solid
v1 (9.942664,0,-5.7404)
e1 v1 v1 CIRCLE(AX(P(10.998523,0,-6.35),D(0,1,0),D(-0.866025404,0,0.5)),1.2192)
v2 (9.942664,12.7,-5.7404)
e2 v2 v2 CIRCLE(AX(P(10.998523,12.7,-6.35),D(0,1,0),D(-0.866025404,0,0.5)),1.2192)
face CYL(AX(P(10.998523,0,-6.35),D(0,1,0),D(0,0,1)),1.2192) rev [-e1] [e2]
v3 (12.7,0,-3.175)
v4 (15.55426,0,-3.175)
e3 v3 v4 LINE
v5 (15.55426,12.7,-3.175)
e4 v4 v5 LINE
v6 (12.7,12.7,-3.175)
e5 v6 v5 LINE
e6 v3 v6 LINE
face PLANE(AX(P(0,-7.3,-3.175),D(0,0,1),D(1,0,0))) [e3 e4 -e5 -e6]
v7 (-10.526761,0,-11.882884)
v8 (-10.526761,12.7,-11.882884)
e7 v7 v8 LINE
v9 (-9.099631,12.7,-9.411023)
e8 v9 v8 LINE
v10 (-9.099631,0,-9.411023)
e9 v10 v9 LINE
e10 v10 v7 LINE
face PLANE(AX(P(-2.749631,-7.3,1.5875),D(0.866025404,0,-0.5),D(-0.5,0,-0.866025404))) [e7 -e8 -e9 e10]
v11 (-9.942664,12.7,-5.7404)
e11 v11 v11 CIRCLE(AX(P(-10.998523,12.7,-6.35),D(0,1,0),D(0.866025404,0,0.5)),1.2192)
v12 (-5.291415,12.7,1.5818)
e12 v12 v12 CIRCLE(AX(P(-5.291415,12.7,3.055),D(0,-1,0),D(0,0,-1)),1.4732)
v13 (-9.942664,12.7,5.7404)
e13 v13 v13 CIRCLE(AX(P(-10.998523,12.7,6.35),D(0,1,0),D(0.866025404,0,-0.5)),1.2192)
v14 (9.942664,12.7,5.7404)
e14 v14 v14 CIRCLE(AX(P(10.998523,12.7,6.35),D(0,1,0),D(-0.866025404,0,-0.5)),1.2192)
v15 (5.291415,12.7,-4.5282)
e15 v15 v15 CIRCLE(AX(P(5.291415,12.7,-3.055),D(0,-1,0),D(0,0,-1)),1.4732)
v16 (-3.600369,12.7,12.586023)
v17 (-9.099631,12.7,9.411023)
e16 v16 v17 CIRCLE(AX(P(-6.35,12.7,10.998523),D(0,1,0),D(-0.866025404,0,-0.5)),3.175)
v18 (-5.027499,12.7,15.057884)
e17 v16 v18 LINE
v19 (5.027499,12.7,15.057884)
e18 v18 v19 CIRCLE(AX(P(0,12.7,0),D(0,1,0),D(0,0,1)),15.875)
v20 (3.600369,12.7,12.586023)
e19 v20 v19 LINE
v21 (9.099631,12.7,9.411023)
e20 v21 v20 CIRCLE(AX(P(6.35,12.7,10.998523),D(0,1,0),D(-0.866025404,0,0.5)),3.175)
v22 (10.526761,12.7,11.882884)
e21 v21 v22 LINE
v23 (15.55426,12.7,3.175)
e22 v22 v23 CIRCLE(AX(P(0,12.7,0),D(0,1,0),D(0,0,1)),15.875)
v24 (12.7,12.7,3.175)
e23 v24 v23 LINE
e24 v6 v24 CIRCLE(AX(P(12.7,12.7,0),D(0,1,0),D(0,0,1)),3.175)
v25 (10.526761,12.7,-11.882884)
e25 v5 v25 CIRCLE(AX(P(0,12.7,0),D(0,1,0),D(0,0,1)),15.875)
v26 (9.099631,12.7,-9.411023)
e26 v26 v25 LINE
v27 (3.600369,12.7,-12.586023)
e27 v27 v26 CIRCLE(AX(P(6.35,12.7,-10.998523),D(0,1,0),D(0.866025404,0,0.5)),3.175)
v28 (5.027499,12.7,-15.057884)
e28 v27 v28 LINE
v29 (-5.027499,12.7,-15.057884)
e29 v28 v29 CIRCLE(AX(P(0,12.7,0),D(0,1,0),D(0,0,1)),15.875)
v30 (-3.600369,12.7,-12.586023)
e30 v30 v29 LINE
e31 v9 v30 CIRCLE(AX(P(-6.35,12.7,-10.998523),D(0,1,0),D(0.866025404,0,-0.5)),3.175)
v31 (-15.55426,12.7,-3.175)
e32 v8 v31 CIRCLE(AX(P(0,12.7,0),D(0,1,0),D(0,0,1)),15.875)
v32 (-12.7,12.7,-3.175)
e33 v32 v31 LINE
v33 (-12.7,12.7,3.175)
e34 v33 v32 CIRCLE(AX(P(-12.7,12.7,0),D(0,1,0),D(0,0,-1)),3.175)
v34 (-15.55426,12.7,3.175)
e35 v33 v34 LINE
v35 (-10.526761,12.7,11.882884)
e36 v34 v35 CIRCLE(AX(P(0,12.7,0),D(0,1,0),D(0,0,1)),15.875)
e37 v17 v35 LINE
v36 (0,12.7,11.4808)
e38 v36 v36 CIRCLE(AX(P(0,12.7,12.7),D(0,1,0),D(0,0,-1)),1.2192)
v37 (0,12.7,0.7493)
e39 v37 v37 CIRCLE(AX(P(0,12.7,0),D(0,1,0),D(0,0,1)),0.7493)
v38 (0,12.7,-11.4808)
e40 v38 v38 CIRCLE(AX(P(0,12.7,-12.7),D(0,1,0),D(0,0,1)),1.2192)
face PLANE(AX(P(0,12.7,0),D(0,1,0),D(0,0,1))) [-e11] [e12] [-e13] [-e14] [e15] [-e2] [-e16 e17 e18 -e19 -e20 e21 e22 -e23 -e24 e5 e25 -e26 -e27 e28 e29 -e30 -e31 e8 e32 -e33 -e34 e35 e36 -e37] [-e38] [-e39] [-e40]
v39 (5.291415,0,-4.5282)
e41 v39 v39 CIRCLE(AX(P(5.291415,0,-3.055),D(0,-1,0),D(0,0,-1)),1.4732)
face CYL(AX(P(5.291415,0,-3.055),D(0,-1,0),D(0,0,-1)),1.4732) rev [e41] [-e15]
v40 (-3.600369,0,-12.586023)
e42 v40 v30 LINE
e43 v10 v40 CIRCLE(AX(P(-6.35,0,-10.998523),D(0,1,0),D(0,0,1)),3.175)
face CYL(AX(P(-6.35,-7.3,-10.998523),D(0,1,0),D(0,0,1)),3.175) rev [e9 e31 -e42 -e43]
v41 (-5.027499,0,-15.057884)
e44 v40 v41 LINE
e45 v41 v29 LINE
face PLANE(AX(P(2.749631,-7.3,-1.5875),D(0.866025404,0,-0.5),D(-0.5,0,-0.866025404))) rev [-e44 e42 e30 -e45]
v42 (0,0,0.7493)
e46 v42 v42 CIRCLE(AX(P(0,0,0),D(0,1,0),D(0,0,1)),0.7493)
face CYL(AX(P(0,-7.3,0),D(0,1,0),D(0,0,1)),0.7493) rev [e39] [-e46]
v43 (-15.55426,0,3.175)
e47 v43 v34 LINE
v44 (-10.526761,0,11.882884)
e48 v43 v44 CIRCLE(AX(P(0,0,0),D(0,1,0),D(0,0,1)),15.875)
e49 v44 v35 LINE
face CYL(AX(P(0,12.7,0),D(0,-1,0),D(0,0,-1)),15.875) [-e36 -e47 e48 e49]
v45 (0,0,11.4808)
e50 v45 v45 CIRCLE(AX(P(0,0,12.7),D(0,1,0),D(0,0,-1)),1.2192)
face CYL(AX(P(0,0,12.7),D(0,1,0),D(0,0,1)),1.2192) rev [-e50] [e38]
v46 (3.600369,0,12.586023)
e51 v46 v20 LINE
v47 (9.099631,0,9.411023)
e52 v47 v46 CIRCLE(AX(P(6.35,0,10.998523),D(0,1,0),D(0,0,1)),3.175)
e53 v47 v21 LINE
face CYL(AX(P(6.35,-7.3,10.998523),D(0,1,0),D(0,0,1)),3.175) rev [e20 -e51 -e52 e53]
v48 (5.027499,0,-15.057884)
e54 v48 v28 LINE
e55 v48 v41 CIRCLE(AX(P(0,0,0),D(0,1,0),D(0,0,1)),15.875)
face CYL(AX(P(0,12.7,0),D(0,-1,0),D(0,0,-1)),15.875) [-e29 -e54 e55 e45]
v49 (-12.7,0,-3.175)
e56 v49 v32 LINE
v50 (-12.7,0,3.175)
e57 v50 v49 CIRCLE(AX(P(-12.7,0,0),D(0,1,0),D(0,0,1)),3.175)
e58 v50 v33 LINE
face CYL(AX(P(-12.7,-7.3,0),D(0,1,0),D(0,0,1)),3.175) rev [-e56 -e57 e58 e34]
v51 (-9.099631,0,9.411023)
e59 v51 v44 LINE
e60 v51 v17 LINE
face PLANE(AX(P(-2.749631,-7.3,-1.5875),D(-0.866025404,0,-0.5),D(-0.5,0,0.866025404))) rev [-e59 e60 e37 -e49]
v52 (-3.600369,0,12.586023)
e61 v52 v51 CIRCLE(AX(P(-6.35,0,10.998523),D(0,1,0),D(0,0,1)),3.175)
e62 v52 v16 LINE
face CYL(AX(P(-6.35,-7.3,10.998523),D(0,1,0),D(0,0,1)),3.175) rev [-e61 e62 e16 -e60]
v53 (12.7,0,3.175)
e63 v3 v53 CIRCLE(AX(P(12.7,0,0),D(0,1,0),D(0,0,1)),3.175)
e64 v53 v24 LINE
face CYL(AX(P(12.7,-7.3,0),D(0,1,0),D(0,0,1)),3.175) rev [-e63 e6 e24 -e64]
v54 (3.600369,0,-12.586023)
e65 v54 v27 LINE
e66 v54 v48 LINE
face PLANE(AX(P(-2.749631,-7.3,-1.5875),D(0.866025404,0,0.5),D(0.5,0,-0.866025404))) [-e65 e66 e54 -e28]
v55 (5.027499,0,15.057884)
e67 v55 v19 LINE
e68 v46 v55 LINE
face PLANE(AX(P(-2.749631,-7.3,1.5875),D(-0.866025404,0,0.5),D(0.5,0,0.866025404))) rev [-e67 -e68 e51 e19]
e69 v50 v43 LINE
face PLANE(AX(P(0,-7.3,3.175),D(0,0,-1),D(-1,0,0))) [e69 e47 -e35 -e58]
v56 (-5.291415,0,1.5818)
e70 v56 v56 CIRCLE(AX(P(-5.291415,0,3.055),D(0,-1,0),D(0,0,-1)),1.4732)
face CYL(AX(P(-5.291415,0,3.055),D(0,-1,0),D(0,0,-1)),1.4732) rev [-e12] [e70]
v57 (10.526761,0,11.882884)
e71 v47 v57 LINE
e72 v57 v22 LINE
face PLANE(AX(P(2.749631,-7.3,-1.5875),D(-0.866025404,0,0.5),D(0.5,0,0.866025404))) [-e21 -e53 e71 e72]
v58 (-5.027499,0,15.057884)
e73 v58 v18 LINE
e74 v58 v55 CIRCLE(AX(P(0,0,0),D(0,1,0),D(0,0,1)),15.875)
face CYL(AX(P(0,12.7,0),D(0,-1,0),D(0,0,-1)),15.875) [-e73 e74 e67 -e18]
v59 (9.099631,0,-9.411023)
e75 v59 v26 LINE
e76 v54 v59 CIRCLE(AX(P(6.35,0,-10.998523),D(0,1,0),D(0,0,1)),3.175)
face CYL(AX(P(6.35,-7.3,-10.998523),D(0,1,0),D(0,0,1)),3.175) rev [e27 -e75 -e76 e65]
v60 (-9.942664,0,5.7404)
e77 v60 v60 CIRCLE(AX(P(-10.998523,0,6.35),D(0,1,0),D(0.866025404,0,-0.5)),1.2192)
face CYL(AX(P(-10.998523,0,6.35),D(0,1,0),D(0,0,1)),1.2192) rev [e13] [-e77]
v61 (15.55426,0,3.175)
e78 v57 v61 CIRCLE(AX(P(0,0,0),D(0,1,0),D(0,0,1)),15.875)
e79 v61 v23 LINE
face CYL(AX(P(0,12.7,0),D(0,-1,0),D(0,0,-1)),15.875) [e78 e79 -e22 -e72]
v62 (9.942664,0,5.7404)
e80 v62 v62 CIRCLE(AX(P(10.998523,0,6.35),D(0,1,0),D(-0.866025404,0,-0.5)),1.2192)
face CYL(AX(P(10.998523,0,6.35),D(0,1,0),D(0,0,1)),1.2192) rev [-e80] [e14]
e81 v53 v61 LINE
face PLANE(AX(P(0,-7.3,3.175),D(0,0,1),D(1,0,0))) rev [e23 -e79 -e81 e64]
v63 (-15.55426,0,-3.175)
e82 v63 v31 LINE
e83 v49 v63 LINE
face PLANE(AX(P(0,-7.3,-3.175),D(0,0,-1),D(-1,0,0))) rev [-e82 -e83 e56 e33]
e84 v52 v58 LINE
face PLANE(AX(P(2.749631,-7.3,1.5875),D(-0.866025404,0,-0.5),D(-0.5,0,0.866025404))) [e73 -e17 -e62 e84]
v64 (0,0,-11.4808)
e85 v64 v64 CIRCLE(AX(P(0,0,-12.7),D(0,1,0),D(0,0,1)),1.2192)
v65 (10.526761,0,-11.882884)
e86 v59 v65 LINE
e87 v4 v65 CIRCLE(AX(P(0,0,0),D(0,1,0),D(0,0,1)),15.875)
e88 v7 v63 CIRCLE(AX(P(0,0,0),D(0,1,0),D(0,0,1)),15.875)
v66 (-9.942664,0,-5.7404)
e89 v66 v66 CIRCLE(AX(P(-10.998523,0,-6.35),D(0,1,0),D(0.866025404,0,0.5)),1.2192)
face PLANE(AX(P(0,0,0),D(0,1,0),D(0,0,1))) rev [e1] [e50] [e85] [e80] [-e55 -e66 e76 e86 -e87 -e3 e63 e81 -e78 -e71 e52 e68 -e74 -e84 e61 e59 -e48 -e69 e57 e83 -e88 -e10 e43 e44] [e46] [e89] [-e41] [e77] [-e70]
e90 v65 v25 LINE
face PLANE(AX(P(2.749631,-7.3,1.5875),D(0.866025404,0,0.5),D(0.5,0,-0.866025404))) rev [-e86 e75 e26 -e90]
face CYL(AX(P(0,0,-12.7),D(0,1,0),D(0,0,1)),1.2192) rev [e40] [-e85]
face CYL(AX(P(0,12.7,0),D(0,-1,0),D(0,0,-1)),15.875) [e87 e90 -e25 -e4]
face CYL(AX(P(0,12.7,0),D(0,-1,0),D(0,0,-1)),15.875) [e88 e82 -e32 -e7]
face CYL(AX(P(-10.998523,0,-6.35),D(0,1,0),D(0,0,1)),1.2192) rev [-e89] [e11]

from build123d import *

# Parameters (mm, degrees)
SKETCH1_R                   = 15.875
BOSS_EXTRUDE1_DEPTH         = 12.7
SKETCH2_R                   = 0.7493
CUT_EXTRUDE1_DEPTH          = 20
SKETCH3_R                   = 1.2192
CUT_EXTRUDE3_DEPTH          = 26.793821935
CUT_EXTRUDE4_START          = -20
CUT_EXTRUDE4_DEPTH          = 20
CIRPATTERN1_COUNT           = 6
F_32_0_116_DIAMETER_HOLE2_D = 2.9464


with BuildPart() as part:
    # Sketch1 → Boss-Extrude1 (new body)
    with BuildSketch(Plane(origin=(0, 0, 0), x_dir=(1, 0, 0), z_dir=(0, 1, 0))):
        with Locations(Location((0, 0, 0), (0, 0, 270))):
            Circle(SKETCH1_R)
    extrude(amount=BOSS_EXTRUDE1_DEPTH)

    # Sketch2 → Cut-Extrude1 (cut)
    with BuildSketch(Plane(origin=(0, 12.7, 0), x_dir=(1, 0, 0), z_dir=(0, 1, 0))):
        with Locations(Location((0, 0, 0), (0, 0, 270))):
            Circle(SKETCH2_R)
    extrude(amount=-CUT_EXTRUDE1_DEPTH, mode=Mode.SUBTRACT)

    # Sketch3 → Cut-Extrude3 (cut, through all)
    with BuildSketch(Plane(origin=(0, 12.7, 0), x_dir=(1, 0, 0), z_dir=(0, 1, 0))):
        with Locations(Location((0, 12.7, 0), (0, 0, 270))):
            Circle(SKETCH3_R)
    cut_extrude3 = extrude(amount=-CUT_EXTRUDE3_DEPTH, mode=Mode.SUBTRACT)

    # Sketch4 → Cut-Extrude4 (cut)
    with BuildSketch(Plane(origin=(0, 12.7, 0), x_dir=(1, 0, 0), z_dir=(0, 1, 0)).offset(CUT_EXTRUDE4_START)):
        with BuildLine():
            ThreePointArc((12.7, 3.175), (9.525, 0), (12.7, -3.175))
            Line((12.7, -3.175), (12.7, 3.175))
        make_face()
        with BuildLine():
            Line((12.7, 3.175), (12.7, -3.175))
            ThreePointArc((12.7, -3.175), (14.94506403, -2.24506403), (15.875, 0))
            ThreePointArc((15.875, 0), (14.94506403, 2.24506403), (12.7, 3.175))
        make_face()
        with BuildLine():
            ThreePointArc((15.875, 0), (15.794611429, -1.595579772), (15.554259867, -3.175))
            Line((15.554259867, -3.175), (20.958617126, -3.175))
            Line((20.958617126, -3.175), (20.958617126, 3.175))
            Line((20.958617126, 3.175), (15.554259867, 3.175))
            ThreePointArc((15.554259867, 3.175), (15.794611429, 1.595579772), (15.875, 0))
        make_face()
        with BuildLine():
            Line((15.554259867, 3.175), (12.7, 3.175))
            ThreePointArc((12.7, 3.175), (14.94506403, 2.24506403), (15.875, 0))
            ThreePointArc((15.875, 0), (15.794611429, 1.595579772), (15.554259867, 3.175))
        make_face()
        with BuildLine():
            ThreePointArc((15.875, 0), (14.94506403, -2.24506403), (12.7, -3.175))
            Line((12.7, -3.175), (15.554259867, -3.175))
            ThreePointArc((15.554259867, -3.175), (15.794611429, -1.595579772), (15.875, 0))
        make_face()
    cut_extrude4 = extrude(amount=CUT_EXTRUDE4_DEPTH, mode=Mode.SUBTRACT)

    # CirPattern1: Cut-Extrude3, Cut-Extrude4 ×6 about axis
    cirpattern1_axis = Axis((0, 0, 0), (0, 1, 0))
    add([cut_extrude3.rotate(cirpattern1_axis, i * 360 / CIRPATTERN1_COUNT) for i in range(1, CIRPATTERN1_COUNT)], mode=Mode.SUBTRACT)
    add([cut_extrude4.rotate(cirpattern1_axis, i * 360 / CIRPATTERN1_COUNT) for i in range(1, CIRPATTERN1_COUNT)], mode=Mode.SUBTRACT)

    # #32 (0.116) Diameter Hole2 (through all)
    with Locations(Plane(origin=(0, 0, 0), x_dir=(-1, 0, 0), z_dir=(0, -1, 0))):
        with Locations((5.291415217, -3.055), (-5.291415217, 3.055)):
            Hole(F_32_0_116_DIAMETER_HOLE2_D / 2)


solid = part.part
